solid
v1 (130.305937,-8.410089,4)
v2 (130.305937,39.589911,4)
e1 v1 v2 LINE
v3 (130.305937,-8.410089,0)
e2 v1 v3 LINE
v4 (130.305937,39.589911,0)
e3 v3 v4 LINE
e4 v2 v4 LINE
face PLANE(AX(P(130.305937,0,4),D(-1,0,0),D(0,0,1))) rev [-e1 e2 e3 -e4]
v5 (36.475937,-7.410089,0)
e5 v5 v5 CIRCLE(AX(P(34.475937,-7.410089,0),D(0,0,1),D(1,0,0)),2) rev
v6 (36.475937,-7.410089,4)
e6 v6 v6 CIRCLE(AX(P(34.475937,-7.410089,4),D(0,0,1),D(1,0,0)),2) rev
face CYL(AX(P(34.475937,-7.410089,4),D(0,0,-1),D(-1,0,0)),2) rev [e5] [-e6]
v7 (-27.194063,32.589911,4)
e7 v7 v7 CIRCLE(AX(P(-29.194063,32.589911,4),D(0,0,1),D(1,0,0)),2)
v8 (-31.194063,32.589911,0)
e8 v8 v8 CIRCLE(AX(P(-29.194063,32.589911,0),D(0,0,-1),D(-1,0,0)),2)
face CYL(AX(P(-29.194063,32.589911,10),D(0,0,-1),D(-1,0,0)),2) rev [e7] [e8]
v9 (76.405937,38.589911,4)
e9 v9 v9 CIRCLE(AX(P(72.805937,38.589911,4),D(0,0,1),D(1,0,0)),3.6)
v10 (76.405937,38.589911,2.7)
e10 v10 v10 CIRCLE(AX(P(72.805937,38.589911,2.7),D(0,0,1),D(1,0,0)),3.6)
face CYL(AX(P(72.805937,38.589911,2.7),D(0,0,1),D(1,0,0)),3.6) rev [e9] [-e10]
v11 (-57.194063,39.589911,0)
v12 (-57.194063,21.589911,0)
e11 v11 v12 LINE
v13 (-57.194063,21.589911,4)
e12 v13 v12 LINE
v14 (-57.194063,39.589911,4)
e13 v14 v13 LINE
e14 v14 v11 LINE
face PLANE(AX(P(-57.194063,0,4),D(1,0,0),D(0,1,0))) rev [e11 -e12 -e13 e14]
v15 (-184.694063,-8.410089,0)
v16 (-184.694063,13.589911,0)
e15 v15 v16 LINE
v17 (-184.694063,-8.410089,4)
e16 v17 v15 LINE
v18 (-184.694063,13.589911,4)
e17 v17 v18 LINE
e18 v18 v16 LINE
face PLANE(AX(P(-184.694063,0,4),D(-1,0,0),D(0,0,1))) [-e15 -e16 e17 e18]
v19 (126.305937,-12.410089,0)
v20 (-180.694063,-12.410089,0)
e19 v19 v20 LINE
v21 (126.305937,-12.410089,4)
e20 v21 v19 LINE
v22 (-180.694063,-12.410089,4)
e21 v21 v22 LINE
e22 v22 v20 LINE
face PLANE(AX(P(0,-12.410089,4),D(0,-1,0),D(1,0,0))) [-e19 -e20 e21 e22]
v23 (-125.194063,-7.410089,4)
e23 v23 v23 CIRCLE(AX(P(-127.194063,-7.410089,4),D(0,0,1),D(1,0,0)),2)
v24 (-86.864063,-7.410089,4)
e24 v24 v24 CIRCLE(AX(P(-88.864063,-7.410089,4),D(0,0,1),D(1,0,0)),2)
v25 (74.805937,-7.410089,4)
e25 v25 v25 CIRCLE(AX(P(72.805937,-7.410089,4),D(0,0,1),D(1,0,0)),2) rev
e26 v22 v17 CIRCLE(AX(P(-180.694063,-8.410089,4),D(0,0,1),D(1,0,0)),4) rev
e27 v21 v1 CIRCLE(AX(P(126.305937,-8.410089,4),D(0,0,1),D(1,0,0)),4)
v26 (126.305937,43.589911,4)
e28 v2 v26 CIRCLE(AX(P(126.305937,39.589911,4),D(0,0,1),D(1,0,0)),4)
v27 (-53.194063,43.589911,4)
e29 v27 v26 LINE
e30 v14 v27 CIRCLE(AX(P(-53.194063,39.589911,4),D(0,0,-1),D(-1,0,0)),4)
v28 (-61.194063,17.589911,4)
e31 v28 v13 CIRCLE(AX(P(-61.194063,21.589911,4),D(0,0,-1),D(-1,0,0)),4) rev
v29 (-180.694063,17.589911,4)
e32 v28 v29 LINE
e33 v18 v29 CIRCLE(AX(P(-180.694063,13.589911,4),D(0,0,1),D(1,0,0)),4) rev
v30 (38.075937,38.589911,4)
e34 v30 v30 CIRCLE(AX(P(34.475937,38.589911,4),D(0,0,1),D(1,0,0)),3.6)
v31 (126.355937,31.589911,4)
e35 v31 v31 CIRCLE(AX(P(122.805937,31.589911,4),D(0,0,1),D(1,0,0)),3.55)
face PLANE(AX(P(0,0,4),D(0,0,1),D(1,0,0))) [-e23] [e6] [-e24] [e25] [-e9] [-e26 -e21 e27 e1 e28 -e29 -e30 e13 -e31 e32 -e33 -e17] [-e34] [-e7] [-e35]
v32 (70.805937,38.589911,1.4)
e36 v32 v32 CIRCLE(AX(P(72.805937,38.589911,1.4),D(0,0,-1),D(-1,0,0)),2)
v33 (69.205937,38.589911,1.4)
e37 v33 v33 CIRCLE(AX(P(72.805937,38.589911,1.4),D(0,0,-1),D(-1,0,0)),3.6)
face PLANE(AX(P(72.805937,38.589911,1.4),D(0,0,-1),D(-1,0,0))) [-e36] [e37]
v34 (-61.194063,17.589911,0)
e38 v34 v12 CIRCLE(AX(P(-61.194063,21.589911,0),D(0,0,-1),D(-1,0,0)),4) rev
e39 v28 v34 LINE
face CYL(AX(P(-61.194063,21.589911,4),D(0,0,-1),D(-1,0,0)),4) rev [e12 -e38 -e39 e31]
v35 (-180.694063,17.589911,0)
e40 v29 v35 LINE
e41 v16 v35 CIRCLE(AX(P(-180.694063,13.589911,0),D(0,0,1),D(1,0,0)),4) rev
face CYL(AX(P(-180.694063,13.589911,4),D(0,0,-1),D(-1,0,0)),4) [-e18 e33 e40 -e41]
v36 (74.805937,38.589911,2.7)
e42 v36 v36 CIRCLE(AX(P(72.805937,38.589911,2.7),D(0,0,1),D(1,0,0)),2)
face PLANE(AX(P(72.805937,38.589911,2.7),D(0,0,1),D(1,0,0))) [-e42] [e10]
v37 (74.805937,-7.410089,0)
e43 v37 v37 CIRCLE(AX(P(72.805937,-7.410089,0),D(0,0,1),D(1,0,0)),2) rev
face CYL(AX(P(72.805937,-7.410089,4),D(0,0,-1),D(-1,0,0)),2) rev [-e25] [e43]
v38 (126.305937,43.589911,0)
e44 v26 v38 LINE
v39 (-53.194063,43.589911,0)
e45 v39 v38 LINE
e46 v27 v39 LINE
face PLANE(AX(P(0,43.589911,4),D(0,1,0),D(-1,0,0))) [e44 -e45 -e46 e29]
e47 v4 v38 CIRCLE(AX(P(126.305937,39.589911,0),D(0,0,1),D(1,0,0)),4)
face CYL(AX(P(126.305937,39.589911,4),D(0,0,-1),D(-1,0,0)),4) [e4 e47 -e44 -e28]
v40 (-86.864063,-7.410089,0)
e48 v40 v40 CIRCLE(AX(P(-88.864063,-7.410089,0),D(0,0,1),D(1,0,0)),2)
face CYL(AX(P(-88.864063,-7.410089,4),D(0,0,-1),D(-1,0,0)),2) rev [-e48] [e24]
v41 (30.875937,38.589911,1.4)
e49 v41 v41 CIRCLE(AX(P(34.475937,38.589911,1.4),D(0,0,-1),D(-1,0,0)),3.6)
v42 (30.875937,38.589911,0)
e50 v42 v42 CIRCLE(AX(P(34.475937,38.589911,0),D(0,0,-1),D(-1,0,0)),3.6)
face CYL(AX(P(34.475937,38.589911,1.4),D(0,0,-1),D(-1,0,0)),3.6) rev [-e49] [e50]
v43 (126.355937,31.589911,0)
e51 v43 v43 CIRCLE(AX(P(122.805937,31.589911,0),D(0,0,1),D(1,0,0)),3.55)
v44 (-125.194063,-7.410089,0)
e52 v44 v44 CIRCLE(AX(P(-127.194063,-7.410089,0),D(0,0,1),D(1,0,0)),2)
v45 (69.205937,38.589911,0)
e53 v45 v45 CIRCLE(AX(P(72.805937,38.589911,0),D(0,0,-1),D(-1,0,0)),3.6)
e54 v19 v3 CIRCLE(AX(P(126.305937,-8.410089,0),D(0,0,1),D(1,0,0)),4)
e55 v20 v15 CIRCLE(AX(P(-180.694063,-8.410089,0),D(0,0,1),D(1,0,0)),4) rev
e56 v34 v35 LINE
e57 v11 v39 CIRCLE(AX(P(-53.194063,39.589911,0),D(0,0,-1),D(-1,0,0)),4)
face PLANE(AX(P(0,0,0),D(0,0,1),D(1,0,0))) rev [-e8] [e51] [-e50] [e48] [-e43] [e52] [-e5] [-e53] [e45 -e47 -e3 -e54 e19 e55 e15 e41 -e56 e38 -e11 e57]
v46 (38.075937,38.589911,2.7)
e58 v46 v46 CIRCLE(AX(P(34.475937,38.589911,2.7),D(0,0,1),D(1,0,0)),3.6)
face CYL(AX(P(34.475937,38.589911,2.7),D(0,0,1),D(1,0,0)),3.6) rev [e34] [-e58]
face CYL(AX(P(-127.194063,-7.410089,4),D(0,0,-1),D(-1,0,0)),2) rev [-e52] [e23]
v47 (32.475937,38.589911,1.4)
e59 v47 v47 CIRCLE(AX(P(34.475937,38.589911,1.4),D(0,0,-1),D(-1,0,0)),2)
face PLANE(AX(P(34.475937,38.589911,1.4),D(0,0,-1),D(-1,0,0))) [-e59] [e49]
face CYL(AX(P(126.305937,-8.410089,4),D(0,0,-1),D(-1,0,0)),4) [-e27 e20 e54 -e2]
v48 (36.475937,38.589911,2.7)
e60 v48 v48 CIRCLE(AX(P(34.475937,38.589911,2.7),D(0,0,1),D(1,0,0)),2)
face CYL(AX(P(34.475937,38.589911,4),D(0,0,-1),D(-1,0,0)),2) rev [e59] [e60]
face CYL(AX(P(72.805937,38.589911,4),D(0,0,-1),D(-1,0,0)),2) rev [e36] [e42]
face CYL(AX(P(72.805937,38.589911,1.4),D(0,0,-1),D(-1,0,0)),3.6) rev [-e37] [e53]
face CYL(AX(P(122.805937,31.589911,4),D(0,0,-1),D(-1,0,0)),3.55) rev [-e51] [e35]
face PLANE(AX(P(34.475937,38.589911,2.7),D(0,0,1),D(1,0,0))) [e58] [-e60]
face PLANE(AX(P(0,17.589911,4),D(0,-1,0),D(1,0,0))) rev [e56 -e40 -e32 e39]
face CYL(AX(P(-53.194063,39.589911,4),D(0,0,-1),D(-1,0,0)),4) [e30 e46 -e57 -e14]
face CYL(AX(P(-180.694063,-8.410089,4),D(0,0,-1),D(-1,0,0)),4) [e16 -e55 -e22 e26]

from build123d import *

# Parameters (mm, degrees)
SKETCH_1_R          = 2
SKETCH_1_R_2        = 3.55
EXTRUDE_1_DEPTH     = 4
EXTRUDE_3_DEPTH     = 4
SKETCH_3_R          = 3.6
CUT_EXTRUDE_1_DEPTH = 1.4
SKETCH_7_R          = 2
CUT_EXTRUDE_2_DEPTH = 10
SKETCH_8_R          = 3.6
CUT_EXTRUDE_3_DEPTH = 1.3


with BuildPart() as part:
    # 草图1 → 凸台-拉伸1 (new body)
    with BuildSketch(Plane.XY):
        with BuildLine():
            Line((-180.694062755, -12.410089261), (126.305937245, -12.410089261))
            ThreePointArc((126.305937245, -12.410089261), (129.13436437, -11.238516386), (130.305937245, -8.410089261))
            Line((130.305937245, -8.410089261), (130.305937245, 7.71191214))
            Line((130.305937245, 7.71191214), (130.305937245, 17.589910739))
            Line((130.305937245, 17.589910739), (130.305937245, 39.589910739))
            ThreePointArc((130.305937245, 39.589910739), (129.13436437, 42.418337863), (126.305937245, 43.589910739))
            Line((126.305937245, 43.589910739), (-23.194062755, 43.589910739))
            ThreePointArc((-23.194062755, 43.589910739), (-26.022489879, 42.418337863), (-27.194062755, 39.589910739))
            Line((-27.194062755, 39.589910739), (-27.194062755, 27.589910739))
            ThreePointArc((-27.194062755, 27.589910739), (-30.122994943, 20.518842927), (-37.194062755, 17.589910739))
            Line((-37.194062755, 17.589910739), (-180.694062755, 17.589910739))
            ThreePointArc((-180.694062755, 17.589910739), (-183.522489879, 16.418337863), (-184.694062755, 13.589910739))
            Line((-184.694062755, 13.589910739), (-184.694062755, -8.410089261))
            ThreePointArc((-184.694062755, -8.410089261), (-183.522489879, -11.238516386), (-180.694062755, -12.410089261))
        make_face()
        with Locations((-127.194062755, -7.410089261)):
            Circle(SKETCH_1_R, mode=Mode.SUBTRACT)
        with Locations((-88.864062755, -7.410089261)):
            Circle(SKETCH_1_R, mode=Mode.SUBTRACT)
        with Locations((34.475937245, -7.410089261)):
            Circle(SKETCH_1_R, mode=Mode.SUBTRACT)
        with Locations((72.805937245, -7.410089261)):
            Circle(SKETCH_1_R, mode=Mode.SUBTRACT)
        with Locations((34.475937245, 38.589910739)):
            Circle(SKETCH_1_R, mode=Mode.SUBTRACT)
        with Locations((122.805937245, 31.589910739)):
            Circle(SKETCH_1_R_2, mode=Mode.SUBTRACT)
        with Locations((72.805937245, 38.589910739)):
            Circle(SKETCH_1_R, mode=Mode.SUBTRACT)
    extrude(amount=EXTRUDE_1_DEPTH)

    # 草图2 → 凸台-拉伸3 (add)
    with BuildSketch(Plane(origin=(0, 0, 0), x_dir=(-1, 0, 0), z_dir=(0, 0, -1))):
        with BuildLine():
            Line((53.194062755, 43.589910739), (23.194062755, 43.589910739))
            Line((23.194062755, 43.589910739), (23.194062755, 17.589910739))
            Line((23.194062755, 17.589910739), (57.194062755, 17.589910739))
            Line((57.194062755, 17.589910739), (61.194062755, 17.589910739))
            ThreePointArc((61.194062755, 17.589910739), (58.36563563, 18.761483614), (57.194062755, 21.589910739))
            Line((57.194062755, 21.589910739), (57.194062755, 39.589910739))
            ThreePointArc((57.194062755, 39.589910739), (56.022489879, 42.418337863), (53.194062755, 43.589910739))
        make_face()
    extrude(amount=-EXTRUDE_3_DEPTH)

    # 草图3 → 切除-拉伸1 (cut)
    with BuildSketch(Plane(origin=(0, 0, 0), x_dir=(-1, 0, 0), z_dir=(0, 0, -1))):
        with Locations((-72.805937245, 38.589910739)):
            Circle(SKETCH_3_R)
        with Locations((-34.475937245, 38.589910739)):
            Circle(SKETCH_3_R)
    extrude(amount=-CUT_EXTRUDE_1_DEPTH, mode=Mode.SUBTRACT)

    # 草图7 → 切除-拉伸2 (cut)
    with BuildSketch(Plane(origin=(0, 0, 0), x_dir=(-1, 0, 0), z_dir=(0, 0, -1))):
        with Locations((29.194062755, 32.589910739)):
            Circle(SKETCH_7_R)
    extrude(amount=-CUT_EXTRUDE_2_DEPTH, mode=Mode.SUBTRACT)

    # 草图8 → 切除-拉伸3 (cut)
    with BuildSketch(Plane.XY.offset(4)):
        with Locations((72.805937245, 38.589910739)):
            Circle(SKETCH_8_R)
        with Locations((34.475937245, 38.589910739)):
            Circle(SKETCH_8_R)
    extrude(amount=-CUT_EXTRUDE_3_DEPTH, mode=Mode.SUBTRACT)


solid = part.part
